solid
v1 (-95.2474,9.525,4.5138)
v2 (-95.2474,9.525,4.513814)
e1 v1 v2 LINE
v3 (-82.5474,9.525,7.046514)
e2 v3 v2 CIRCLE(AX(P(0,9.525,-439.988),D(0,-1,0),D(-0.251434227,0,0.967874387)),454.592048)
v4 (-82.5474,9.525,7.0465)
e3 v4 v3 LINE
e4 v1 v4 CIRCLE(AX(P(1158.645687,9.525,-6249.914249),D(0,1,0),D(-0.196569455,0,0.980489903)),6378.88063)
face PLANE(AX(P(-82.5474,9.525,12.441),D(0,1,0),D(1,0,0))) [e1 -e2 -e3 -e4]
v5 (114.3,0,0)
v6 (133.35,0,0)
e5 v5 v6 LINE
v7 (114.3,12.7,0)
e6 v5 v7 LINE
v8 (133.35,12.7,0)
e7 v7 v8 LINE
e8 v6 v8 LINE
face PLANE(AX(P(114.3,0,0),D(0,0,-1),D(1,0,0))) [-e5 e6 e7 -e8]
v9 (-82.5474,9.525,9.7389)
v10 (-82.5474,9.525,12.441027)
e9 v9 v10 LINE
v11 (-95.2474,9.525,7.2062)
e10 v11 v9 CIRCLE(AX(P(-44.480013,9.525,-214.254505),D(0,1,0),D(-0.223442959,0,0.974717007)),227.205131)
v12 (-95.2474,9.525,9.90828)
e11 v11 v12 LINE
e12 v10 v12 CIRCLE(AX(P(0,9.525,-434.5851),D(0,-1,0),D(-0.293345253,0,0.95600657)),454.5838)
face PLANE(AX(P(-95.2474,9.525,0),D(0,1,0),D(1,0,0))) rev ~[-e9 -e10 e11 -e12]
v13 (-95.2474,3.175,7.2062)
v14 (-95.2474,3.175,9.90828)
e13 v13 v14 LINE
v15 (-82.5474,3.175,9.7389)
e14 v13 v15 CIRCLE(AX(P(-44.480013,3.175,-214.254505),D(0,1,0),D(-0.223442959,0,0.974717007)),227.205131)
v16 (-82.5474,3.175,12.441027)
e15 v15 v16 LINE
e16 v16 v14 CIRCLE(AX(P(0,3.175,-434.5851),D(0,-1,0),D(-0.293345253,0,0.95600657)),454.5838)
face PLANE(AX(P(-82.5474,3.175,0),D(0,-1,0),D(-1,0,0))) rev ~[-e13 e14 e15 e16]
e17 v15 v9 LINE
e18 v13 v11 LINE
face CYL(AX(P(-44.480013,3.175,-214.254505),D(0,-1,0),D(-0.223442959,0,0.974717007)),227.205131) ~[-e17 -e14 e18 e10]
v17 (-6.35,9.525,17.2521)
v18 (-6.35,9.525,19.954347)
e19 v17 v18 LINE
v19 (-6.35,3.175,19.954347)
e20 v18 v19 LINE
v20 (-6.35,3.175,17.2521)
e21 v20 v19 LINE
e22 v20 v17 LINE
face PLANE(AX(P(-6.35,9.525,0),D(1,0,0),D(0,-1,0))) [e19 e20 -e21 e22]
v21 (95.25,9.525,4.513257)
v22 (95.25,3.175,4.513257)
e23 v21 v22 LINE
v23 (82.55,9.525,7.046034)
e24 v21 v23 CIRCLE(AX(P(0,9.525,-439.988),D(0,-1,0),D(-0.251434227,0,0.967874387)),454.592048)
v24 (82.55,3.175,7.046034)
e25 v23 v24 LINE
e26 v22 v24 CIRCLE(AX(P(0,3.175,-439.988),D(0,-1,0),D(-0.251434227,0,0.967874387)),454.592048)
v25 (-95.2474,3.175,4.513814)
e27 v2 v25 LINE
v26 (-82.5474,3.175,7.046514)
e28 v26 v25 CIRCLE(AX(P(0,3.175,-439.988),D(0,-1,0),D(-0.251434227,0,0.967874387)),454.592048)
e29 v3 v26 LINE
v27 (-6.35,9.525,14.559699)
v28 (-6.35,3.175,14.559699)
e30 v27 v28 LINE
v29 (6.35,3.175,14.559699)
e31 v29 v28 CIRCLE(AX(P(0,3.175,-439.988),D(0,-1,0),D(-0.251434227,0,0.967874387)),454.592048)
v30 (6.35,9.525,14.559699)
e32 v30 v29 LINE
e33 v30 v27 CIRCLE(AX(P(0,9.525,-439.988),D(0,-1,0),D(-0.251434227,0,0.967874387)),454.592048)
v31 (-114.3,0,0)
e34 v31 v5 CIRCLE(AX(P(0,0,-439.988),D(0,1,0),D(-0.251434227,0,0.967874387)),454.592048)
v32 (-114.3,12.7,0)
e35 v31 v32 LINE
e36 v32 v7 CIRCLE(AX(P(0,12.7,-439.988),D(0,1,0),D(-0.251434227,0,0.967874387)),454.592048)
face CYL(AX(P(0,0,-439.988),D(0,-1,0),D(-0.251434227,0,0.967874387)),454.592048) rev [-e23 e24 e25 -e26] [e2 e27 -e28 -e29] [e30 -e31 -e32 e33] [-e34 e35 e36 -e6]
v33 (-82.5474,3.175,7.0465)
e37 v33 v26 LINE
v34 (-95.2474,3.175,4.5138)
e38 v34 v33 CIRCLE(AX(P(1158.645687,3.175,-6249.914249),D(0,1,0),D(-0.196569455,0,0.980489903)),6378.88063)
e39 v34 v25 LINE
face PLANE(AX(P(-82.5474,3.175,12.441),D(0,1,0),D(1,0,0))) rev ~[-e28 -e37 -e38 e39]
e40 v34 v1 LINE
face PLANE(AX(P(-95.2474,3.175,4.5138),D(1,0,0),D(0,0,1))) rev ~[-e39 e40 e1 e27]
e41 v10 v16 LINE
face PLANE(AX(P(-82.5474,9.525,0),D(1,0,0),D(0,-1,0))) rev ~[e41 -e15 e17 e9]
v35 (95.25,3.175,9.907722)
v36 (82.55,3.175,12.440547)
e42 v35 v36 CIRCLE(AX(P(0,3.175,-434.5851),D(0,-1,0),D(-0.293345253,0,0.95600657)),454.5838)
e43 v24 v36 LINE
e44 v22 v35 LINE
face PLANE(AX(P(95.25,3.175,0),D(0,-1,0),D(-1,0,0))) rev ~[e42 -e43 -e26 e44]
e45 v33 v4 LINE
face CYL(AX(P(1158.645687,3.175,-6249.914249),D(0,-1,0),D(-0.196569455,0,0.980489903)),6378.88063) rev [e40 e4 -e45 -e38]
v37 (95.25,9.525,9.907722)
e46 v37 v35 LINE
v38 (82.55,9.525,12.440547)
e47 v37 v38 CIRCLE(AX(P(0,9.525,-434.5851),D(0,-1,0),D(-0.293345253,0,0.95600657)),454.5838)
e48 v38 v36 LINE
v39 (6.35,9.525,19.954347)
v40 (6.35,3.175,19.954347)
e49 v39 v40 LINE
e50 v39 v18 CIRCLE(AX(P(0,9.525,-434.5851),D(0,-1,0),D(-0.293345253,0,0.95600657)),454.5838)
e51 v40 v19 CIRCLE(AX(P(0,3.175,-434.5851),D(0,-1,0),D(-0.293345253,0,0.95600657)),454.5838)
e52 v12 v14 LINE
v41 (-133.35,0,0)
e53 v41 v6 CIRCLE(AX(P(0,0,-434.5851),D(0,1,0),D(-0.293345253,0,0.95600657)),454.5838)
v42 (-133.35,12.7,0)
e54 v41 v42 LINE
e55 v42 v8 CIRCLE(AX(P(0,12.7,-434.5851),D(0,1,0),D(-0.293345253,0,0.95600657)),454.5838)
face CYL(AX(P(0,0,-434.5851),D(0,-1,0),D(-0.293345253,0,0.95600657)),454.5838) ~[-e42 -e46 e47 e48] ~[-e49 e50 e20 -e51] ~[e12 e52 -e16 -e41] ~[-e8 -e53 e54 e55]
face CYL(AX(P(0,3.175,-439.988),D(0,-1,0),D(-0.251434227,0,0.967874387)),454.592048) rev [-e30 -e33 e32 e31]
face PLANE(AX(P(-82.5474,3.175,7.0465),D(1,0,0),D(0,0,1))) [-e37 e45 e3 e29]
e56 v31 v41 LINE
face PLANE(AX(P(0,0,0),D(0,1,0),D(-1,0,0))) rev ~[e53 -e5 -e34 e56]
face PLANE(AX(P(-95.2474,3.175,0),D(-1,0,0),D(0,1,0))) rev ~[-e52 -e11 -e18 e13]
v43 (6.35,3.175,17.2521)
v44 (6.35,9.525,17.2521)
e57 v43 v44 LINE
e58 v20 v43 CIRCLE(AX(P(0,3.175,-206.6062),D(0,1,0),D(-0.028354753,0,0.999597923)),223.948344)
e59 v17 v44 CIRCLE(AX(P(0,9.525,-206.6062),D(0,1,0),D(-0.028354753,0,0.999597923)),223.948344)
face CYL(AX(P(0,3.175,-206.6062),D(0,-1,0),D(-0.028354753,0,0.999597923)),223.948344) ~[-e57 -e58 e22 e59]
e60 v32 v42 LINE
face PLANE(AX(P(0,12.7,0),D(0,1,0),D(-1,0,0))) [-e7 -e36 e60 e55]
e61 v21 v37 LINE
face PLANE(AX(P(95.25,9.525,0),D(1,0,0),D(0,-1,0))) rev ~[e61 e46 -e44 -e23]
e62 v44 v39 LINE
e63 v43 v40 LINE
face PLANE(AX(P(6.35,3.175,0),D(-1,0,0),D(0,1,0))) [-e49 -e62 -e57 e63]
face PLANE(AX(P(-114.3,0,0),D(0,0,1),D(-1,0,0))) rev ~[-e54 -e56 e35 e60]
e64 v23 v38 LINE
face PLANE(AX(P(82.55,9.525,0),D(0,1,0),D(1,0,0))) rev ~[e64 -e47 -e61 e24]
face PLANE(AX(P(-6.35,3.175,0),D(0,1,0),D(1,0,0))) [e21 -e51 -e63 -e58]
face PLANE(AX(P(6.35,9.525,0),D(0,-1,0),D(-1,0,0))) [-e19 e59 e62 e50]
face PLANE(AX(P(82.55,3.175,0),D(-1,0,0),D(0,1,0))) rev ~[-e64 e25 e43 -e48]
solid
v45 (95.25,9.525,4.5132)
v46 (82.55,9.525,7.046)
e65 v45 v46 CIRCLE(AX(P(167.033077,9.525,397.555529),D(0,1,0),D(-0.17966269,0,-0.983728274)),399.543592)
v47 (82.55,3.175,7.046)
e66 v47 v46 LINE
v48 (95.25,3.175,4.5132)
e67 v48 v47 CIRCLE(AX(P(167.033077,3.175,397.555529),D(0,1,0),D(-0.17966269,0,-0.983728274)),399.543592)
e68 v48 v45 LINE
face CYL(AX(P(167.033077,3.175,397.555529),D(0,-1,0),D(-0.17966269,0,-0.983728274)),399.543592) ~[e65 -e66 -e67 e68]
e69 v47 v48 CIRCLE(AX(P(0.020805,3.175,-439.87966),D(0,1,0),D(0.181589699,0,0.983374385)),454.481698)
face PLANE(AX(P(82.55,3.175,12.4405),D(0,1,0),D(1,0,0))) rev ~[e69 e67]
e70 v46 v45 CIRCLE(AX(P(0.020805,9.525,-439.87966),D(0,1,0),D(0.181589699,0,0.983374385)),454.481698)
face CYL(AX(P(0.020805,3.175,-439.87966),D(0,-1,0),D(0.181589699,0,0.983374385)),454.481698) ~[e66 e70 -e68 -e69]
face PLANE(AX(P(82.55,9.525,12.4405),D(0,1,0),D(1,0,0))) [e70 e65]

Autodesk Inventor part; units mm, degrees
ref_plane "YZ Plane" through (0, 0, 0) normal (1, 0, 0) x (0, 1, 0)
ref_plane "XZ Plane" through (0, 0, 0) normal (0, 1, 0) x (-1, 0, 0)
ref_plane "XY Plane" through (0, 0, 0) normal (0, 0, 1) x (1, 0, 0)
sketch "Sketch1" plane through (0, 0, 0) normal (0, 1, 0) x (-1, 0, 0)
  line L0 (0, 0) -> (114.3, 0)
  line L1 (0, 0) -> (-114.3, 0)
  arc A0 (114.3, 0) -> (-114.3, 0) centre (0, -439.988) ccw
  line L2 (114.3, 0) -> (133.35, 0)
  line L3 (-114.3, 0) -> (-133.35, 0)
  arc A1 (133.35, 0) -> (-133.35, 0) centre (0, -434.5851) ccw
  point P0 (0, 19.9987)
  point P1 (0, 14.604)
  dimension "d0" = 114.3
  dimension "d1" = 114.3
  dimension "d2" = 19.05
  dimension "d3" = 19.05
  dimension "d5" = 454.592
  dimension "d6" = 454.5838
extrude "Extrusion1" add sketch "Sketch1" along normal blind 12.7 contours A0 L3 A1 L2
sketch "Sketch2" plane through (133.35, 0, 0) normal (0, 0, -1) x (-1, 0, 0)
  line L0 (266.7, 12.7) -> (0, 12.7) projected
  line L1 (127, 9.525) -> (139.7, 9.525)
  line L2 (139.7, 9.525) -> (139.7, 3.175)
  line L3 (139.7, 3.175) -> (127, 3.175)
  line L4 (127, 3.175) -> (127, 9.525)
  line L5 (266.7, 0) -> (266.7, 12.7) projected
  line L6 (177.7987, 12.7) -> (177.7987, -0.436)
  line L7 (228.5974, 9.525) -> (215.8974, 9.525)
  line L8 (215.8974, 9.525) -> (215.8974, 3.175)
  line L9 (215.8974, 3.175) -> (228.5974, 3.175)
  line L10 (228.5974, 3.175) -> (228.5974, 9.525)
  line L11 (88.9, 12.7) -> (88.9, -0.436)
  line L12 (50.8, 9.525) -> (38.1, 9.525)
  line L13 (38.1, 9.525) -> (38.1, 3.175)
  line L14 (38.1, 3.175) -> (50.8, 3.175)
  line L15 (50.8, 3.175) -> (50.8, 9.525)
  point P0 (133.35, 0)
  point P1 (177.8, 6.35)
  point P2 (88.9, 6.35)
  dimension "d12" = 12.7
  dimension "d13" = 6.35
  dimension "d14" = 127
  dimension "d15" = 38.1
  dimension "d16" = 38.1
extrude "Extrusion2" cut sketch "Sketch2" against normal through all
sketch "Sketch4" plane through (82.55, 3.175, 12.4405) normal (0, 1, 0) x (1, 0, 0)
  line L0 (0, 5.3945) -> (0, 0) projected
  line L1 (0, 5.3945) -> (0, 2.7021)
  arc A0 (0, 5.3945) -> (12.7, 7.9273) centre (-82.55, 452.4285) ccw projected
  line L2 (12.7, 7.9273) -> (12.7, 5.2349)
  arc A1 (12.7, 7.9273) -> (0, 5.3945) centre (84.4999, -385.2031) ccw
  arc A2 (0, 2.7021) -> (12.7, 5.2349) centre (-40.4319, 238.5449) ccw
  point P0 (-82.55, 12.4405)
  dimension "d19" = 2.6924
  dimension "d20" = 2.6924
extrude "Extrusion3" add sketch "Sketch4" along normal blind 6.35 contours A1 A0
sketch "Sketch5" plane through (0, 3.175, -434.5851) normal (0, 1, 0) x (1, 0, 0)
  line L0 (6.35, -449.1448) -> (6.35, -451.8372)
  arc A0 (-114.3, -434.5851) -> (114.3, -434.5851) centre (0, 5.4029) ccw projected
  line L1 (-6.35, -449.1448) -> (-6.35, -451.8372)
  arc A1 (-6.35, -451.8372) -> (6.35, -451.8372) centre (0, -227.9789) ccw
  point P0 (0, -434.5851)
  dimension "d23" = 2.6924
  dimension "d24" = 2.6924
extrude "Extrusion4" add sketch "Sketch5" along normal blind 6.35
sketch "Sketch6" plane through (-82.5474, 3.175, 12.441) normal (0, 1, 0) x (1, 0, 0)
  arc A0 (-12.7, 7.9272) -> (0, 5.3945) centre (82.5474, 452.429) ccw projected
  line L0 (0, 5.3945) -> (0, 2.7021)
  line L1 (0, 5.3945) -> (0, 0) projected
  line L2 (-12.7, 7.9272) -> (-12.7, 5.2348)
  line L3 (-12.7, 7.9272) -> (-12.7, 2.5327) projected
  arc A1 (-12.7, 7.9272) -> (0, 5.3945) centre (1241.181, 6262.2948) ccw
  arc A2 (-12.7, 5.2348) -> (0, 2.7021) centre (38.067, 226.6937) ccw
  point P0 (82.5474, 12.441)
  dimension "d27" = 2.6924
  dimension "d28" = 2.6924
extrude "Extrusion5" add sketch "Sketch6" along normal blind 6.35
properties part number "front_back band" material "PC/ABS Plastic"
